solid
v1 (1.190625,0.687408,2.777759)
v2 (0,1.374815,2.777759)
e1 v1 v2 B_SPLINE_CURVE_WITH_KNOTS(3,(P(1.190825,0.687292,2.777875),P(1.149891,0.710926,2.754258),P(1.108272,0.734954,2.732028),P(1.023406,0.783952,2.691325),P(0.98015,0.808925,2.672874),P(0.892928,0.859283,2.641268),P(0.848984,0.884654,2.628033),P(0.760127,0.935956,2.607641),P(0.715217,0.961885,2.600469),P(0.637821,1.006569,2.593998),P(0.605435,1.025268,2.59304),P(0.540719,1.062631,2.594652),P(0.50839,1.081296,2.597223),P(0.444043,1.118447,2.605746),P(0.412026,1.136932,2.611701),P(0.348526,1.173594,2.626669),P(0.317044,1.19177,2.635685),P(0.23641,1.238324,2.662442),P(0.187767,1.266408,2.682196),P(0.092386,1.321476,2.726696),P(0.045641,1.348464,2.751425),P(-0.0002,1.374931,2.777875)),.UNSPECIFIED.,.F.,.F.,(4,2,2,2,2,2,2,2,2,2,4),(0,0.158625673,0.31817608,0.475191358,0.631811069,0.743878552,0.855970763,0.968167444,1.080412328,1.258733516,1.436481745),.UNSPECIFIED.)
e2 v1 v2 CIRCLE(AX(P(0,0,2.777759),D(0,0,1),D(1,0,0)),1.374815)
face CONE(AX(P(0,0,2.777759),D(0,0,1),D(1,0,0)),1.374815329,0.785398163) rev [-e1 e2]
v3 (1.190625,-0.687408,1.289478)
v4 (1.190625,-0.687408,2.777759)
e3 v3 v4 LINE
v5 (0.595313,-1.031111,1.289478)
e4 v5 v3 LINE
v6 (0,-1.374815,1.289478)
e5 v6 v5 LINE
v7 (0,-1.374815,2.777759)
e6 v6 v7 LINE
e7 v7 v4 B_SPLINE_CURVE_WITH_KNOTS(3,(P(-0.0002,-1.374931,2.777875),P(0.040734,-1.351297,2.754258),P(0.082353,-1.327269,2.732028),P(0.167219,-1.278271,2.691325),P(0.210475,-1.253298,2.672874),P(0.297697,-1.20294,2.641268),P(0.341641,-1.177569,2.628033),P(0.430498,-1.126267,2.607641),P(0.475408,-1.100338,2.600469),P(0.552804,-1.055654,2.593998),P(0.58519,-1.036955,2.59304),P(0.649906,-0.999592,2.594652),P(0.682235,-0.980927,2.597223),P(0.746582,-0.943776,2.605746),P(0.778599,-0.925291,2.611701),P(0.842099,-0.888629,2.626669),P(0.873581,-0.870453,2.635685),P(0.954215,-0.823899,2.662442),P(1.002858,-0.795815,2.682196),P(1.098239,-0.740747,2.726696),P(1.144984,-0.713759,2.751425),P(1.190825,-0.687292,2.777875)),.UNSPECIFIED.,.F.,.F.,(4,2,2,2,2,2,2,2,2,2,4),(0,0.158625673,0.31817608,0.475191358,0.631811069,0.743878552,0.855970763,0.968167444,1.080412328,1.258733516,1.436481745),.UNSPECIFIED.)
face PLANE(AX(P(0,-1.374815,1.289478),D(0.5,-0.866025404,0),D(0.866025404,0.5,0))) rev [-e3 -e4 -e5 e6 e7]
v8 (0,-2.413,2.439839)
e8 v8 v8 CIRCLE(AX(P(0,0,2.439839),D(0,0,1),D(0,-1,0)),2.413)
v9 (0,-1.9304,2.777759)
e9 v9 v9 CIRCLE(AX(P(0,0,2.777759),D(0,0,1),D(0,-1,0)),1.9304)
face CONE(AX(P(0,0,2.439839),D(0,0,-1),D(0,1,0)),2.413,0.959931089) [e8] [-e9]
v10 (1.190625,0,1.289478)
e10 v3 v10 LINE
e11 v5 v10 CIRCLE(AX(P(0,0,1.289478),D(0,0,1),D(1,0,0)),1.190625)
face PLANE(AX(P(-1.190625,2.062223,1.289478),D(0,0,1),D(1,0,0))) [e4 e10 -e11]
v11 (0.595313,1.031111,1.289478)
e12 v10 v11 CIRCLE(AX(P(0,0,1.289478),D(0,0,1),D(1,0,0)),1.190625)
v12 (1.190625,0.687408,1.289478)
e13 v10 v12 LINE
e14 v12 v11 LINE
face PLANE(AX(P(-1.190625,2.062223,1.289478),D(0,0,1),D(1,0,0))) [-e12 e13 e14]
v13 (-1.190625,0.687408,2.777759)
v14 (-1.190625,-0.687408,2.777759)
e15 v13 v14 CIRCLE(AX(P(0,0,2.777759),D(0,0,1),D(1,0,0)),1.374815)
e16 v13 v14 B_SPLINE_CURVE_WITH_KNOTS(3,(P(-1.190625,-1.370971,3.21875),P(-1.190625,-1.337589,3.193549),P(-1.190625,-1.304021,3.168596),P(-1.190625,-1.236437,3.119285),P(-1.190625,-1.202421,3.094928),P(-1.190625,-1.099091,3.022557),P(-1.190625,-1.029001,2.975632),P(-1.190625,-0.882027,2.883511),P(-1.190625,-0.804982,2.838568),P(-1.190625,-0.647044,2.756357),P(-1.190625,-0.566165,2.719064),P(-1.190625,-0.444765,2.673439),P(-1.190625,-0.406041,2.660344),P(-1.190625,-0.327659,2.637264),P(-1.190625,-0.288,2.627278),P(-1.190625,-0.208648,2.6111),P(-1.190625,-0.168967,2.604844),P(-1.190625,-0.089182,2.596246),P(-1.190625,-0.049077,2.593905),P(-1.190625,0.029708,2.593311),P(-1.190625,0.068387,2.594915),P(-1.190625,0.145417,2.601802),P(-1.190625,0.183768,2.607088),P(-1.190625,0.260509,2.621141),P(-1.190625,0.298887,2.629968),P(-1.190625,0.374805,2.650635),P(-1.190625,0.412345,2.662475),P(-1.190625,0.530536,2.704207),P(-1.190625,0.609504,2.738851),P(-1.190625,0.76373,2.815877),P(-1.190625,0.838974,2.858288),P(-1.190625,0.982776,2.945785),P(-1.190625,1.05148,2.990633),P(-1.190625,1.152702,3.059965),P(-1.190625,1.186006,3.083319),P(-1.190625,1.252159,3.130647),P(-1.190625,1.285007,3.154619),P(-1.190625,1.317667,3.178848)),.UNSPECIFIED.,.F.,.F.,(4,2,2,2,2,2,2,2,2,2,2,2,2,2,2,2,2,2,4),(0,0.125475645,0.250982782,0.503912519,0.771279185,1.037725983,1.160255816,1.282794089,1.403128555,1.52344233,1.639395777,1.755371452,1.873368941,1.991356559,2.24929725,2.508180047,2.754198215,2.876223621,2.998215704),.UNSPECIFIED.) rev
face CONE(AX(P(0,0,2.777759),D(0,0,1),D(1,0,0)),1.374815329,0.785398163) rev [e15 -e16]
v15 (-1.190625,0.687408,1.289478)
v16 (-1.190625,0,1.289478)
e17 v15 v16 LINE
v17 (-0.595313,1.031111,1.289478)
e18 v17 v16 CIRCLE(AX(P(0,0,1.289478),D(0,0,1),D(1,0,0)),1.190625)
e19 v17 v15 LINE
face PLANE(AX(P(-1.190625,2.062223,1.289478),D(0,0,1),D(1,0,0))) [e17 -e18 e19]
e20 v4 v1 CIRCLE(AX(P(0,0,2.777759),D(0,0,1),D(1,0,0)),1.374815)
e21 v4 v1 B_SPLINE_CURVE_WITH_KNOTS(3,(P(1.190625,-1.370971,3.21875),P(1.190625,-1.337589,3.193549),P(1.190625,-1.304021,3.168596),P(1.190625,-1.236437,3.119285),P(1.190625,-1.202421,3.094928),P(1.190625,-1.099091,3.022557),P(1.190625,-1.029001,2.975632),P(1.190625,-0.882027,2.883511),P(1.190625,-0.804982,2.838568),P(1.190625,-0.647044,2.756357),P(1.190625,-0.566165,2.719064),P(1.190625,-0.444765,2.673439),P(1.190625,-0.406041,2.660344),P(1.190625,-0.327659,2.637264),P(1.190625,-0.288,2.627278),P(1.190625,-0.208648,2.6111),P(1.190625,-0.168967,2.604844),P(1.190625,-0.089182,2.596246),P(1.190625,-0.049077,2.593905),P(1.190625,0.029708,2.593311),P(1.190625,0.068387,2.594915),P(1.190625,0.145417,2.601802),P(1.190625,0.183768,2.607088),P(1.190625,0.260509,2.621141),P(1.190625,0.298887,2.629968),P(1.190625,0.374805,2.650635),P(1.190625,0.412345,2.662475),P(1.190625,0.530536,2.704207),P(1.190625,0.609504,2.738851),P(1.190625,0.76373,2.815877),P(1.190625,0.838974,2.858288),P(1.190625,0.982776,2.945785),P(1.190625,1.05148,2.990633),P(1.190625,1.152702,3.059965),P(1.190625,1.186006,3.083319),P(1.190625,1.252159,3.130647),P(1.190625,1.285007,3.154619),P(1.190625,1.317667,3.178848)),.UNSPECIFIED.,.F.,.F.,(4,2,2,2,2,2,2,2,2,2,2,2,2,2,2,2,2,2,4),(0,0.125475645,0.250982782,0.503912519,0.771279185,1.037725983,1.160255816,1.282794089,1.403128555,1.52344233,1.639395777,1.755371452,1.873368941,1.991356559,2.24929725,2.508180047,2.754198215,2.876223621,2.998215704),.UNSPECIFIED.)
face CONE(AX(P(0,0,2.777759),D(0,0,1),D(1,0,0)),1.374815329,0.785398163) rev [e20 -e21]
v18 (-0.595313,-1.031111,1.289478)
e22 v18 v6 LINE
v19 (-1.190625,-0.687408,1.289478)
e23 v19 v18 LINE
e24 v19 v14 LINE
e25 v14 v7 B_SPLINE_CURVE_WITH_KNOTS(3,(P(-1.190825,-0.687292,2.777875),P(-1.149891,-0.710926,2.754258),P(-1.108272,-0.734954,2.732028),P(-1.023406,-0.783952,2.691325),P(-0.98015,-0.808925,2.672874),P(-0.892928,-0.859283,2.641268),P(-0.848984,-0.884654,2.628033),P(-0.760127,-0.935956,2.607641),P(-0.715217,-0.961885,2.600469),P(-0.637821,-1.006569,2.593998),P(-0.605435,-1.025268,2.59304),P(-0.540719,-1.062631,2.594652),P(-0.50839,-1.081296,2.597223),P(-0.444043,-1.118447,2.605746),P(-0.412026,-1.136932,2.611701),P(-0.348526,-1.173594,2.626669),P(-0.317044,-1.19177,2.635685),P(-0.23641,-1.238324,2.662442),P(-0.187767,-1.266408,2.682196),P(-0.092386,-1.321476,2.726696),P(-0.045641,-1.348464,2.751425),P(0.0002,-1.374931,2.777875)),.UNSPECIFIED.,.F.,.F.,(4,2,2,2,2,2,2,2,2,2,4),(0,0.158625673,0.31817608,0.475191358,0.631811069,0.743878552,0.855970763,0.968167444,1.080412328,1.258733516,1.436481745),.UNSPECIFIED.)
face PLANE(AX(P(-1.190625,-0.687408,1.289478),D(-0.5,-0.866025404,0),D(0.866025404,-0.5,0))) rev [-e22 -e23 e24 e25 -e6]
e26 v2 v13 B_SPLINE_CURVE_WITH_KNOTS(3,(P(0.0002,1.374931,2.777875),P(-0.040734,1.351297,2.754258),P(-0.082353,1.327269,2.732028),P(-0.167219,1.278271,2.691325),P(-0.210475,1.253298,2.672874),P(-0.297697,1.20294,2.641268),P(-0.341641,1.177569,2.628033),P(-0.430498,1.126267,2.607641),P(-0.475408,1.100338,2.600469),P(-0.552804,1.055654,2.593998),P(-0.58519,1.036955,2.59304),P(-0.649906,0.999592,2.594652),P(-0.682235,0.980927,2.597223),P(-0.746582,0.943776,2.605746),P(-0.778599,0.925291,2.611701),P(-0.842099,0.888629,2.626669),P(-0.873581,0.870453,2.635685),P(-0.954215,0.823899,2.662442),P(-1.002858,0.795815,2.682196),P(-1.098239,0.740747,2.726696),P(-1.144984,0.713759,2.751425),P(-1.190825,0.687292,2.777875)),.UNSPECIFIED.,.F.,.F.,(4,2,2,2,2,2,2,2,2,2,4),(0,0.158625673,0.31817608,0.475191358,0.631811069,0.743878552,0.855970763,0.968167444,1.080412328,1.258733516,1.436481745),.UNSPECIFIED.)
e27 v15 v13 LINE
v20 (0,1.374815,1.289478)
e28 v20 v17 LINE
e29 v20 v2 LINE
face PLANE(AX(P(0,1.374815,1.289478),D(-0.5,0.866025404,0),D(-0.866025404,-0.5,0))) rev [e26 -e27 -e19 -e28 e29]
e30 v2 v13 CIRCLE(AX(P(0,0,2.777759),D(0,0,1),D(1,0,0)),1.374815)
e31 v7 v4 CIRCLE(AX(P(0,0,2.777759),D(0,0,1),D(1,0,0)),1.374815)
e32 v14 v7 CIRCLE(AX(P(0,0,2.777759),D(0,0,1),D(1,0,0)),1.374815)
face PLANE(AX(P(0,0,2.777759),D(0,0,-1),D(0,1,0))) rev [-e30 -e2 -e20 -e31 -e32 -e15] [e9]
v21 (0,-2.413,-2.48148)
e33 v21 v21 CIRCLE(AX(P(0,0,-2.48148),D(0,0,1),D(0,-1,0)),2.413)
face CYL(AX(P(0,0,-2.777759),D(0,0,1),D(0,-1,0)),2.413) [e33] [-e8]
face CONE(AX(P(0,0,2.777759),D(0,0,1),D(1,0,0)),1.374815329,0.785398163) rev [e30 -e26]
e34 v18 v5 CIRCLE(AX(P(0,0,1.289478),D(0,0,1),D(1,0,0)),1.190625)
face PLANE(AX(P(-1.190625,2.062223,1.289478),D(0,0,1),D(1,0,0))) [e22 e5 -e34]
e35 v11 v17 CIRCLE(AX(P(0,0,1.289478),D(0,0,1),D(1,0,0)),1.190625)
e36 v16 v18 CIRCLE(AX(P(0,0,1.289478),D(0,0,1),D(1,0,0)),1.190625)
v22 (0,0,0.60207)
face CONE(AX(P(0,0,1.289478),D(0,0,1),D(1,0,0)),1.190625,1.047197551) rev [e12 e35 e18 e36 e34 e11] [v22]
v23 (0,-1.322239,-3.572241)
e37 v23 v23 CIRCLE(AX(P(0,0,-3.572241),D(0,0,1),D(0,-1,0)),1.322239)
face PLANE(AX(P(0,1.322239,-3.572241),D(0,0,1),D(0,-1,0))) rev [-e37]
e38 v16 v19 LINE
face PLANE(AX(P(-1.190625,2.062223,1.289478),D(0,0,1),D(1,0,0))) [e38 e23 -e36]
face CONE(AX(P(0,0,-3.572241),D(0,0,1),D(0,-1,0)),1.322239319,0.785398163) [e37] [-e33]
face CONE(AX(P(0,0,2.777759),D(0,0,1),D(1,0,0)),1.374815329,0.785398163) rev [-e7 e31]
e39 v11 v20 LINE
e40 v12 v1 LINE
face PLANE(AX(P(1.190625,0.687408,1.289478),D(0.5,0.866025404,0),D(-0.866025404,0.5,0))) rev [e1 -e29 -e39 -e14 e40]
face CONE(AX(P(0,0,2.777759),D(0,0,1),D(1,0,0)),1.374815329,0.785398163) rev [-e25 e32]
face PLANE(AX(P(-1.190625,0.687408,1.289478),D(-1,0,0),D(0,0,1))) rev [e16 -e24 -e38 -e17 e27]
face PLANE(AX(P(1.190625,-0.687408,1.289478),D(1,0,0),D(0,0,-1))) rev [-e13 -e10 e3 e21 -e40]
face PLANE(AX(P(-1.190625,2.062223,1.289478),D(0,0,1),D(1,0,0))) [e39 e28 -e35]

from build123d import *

# Parameters (mm, degrees)
CUT_EXTRUDE10_DEPTH = 1.48828125


with BuildPart() as part:
    # Sketch22 → Revolve1 (revolve)
    with BuildSketch(Plane(origin=(0, 0, 0), x_dir=(0, 0, -1), z_dir=(1, 0, 0))):
        Polygon((-2.777759232, 0), (-2.777759232, 1.9304), (-2.439839074, 2.413), (2.481480087, 2.413), (3.572240768, 1.322239319), (3.572240768, 0), (2.777759232, 0), align=None)
    revolve(axis=Axis((0, 0, -2.777759232), (0, 0, -1)))

    # Sketch23 → Cut-Extrude10 (cut)
    with BuildSketch(Plane.XY.offset(2.777759232)):
        Polygon((0, 1.374815329), (-1.190625, 0.687407664), (-1.190625, -0.687407664), (0, -1.374815329), (1.190625, -0.687407664), (1.190625, 0.687407664), align=None)
    extrude(amount=-CUT_EXTRUDE10_DEPTH, mode=Mode.SUBTRACT)

    # Cut-Extrude11 cone 1 section (through the dimple's axis) → Cut-Extrude11 (revolve, cut)
    with BuildSketch(Plane(origin=(0, 0, 2.777759232), x_dir=(0, -1, 0), z_dir=(1, 0, 0))):
        Polygon((0, 0), (1.374815329, 0), (0, 1.374815329), align=None)
    revolve(axis=Axis((0, 0, 2.777759232), (0, 0, -1)), mode=Mode.SUBTRACT)

    # Cut-Extrude12 cone 1 section (through the dimple's axis) → Cut-Extrude12 (revolve, cut)
    with BuildSketch(Plane(origin=(0, 0, 1.289477982), x_dir=(0, -1, 0), z_dir=(1, 0, 0))):
        Polygon((0, 0), (1.190625, 0), (0, 0.687407664), align=None)
    revolve(axis=Axis((0, 0, 1.289477982), (0, 0, -1)), mode=Mode.SUBTRACT)


solid = part.part
